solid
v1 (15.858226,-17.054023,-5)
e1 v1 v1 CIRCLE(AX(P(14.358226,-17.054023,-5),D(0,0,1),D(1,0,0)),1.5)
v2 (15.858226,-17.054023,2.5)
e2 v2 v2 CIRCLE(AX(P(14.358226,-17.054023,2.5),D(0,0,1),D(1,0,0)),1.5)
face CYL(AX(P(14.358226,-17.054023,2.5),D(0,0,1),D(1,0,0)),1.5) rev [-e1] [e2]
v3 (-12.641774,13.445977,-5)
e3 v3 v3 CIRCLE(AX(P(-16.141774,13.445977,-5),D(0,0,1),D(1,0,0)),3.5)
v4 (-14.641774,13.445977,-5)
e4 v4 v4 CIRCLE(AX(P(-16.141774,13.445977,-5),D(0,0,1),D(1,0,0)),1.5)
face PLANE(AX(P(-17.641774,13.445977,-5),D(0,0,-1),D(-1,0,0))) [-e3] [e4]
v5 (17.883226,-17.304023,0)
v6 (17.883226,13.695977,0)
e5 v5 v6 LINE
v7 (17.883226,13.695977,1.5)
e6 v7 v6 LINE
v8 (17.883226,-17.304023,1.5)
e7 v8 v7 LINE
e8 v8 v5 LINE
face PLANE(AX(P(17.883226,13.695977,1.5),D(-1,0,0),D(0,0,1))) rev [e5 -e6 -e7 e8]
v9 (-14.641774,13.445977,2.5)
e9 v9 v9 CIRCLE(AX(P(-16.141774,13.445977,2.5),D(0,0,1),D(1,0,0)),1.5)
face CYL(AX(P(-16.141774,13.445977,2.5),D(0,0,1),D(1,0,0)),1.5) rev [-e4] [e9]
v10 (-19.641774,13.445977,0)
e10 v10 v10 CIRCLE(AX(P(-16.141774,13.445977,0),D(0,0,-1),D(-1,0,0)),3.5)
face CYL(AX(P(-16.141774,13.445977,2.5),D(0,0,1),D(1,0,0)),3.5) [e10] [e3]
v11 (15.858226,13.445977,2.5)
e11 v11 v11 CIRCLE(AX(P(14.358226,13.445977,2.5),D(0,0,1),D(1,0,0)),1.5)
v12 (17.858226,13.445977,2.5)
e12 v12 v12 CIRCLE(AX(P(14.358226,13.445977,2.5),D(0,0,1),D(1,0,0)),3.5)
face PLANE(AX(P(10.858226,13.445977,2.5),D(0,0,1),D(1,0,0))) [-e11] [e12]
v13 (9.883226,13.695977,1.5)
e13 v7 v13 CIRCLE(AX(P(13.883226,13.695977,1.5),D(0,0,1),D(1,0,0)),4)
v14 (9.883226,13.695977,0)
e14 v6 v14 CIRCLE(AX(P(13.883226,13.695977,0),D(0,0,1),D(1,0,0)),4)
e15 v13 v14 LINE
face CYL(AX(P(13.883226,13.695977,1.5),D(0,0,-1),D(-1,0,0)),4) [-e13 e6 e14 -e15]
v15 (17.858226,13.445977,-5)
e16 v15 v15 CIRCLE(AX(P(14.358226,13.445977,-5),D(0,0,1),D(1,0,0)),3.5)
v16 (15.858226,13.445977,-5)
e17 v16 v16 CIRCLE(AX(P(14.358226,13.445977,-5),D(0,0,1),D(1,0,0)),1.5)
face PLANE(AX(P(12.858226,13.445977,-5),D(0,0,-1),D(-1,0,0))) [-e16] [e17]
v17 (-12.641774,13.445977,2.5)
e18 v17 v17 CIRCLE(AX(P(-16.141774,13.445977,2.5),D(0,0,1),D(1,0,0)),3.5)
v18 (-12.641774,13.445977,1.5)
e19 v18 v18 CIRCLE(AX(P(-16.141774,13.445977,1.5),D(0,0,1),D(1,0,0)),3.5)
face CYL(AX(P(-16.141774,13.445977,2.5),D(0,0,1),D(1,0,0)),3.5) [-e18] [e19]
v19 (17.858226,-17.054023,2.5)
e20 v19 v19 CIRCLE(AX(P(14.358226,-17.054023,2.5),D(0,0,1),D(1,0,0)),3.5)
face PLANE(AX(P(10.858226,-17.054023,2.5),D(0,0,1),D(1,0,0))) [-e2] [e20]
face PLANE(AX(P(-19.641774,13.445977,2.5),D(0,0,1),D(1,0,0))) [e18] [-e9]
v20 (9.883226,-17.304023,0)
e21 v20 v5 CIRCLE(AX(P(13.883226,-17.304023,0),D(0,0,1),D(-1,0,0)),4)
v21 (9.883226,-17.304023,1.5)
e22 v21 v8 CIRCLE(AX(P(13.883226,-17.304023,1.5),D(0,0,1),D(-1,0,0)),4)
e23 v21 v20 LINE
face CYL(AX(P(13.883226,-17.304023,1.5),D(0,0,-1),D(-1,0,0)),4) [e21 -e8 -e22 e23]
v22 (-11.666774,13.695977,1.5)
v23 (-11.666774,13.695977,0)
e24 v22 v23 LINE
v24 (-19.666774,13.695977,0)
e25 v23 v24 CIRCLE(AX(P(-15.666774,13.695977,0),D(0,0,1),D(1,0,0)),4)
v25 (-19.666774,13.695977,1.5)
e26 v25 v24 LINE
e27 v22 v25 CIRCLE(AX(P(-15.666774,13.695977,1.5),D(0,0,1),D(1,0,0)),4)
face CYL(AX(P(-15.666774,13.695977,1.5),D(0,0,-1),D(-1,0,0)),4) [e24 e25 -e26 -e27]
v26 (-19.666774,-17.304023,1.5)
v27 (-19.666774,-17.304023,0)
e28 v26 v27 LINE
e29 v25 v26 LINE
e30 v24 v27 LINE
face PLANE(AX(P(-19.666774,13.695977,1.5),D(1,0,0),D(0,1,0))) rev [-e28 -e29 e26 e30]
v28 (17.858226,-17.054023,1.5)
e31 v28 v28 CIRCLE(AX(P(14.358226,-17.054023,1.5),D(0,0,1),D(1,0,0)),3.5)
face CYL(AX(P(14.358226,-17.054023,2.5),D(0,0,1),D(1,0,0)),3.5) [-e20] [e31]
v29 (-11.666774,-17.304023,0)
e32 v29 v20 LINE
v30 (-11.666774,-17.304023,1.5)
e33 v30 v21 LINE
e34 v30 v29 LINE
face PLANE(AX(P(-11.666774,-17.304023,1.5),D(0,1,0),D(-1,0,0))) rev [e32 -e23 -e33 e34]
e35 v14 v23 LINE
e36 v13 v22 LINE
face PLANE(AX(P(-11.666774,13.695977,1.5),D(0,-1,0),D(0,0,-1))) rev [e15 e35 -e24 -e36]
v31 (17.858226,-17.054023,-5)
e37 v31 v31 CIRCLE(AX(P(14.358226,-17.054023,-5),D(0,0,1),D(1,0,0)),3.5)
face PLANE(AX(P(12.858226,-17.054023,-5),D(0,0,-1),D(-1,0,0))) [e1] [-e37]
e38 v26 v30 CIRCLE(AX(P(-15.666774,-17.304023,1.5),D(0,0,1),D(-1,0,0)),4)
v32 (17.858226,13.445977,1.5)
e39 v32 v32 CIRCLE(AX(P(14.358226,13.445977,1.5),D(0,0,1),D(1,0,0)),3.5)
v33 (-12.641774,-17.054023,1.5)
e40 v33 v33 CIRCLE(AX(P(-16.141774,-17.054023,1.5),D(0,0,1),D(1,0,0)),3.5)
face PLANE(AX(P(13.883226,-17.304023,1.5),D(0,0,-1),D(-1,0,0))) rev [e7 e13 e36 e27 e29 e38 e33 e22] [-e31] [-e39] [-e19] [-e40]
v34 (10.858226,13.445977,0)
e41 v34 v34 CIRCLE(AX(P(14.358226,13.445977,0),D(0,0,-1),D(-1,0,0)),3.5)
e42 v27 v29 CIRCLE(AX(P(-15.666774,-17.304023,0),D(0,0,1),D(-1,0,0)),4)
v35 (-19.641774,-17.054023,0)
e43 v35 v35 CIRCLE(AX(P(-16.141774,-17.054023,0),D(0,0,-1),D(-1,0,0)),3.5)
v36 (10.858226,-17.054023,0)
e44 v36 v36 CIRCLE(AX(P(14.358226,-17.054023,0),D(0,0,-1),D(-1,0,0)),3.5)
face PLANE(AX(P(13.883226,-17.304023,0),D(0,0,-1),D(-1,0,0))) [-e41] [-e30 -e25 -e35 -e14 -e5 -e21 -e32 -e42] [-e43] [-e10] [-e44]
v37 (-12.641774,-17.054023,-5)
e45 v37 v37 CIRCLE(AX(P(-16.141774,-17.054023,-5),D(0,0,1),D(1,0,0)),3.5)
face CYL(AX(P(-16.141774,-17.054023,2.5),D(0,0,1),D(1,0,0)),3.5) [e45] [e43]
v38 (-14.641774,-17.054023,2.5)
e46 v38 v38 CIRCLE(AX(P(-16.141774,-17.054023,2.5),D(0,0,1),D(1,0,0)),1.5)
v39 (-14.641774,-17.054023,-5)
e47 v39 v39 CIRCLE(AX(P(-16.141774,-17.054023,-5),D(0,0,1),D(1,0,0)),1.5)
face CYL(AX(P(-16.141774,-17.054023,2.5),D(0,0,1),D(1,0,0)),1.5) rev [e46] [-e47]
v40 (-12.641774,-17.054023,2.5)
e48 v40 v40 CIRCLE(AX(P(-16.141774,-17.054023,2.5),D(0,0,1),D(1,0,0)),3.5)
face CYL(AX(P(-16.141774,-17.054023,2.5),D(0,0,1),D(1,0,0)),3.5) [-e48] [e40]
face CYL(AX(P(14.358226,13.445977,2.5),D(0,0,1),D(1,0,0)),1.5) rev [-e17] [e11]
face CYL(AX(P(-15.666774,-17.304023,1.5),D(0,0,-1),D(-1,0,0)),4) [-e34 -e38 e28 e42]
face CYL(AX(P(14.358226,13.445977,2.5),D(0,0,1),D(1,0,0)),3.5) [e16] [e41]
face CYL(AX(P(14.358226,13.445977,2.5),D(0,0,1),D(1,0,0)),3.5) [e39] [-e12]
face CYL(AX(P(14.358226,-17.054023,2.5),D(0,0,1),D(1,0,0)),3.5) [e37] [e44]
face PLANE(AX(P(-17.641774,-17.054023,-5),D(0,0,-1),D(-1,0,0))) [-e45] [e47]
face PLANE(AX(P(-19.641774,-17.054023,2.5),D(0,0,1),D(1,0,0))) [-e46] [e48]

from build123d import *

# Parameters (mm, degrees)
CROQUIS1_R              = 2.5
SALIENTE_EXTRUIR1_DEPTH = 1.5
MATRIZL1_COUNT          = 2
MATRIZL1_PITCH          = 30.5
MATRIZL1_COUNT_DIR2     = 2
MATRIZL1_PITCH_DIR2     = 30.5


with BuildPart() as part:
    # Croquis1 → Saliente-Extruir1 (new body)
    with BuildSketch(Plane.XY):
        with BuildLine():
            Line((17.88322612, 13.695977011), (17.88322612, -17.304022989))
            ThreePointArc((17.88322612, -17.304022989), (13.88322612, -21.304022989), (9.88322612, -17.304022989))
            Line((9.88322612, -17.304022989), (-11.66677388, -17.304022989))
            ThreePointArc((-11.66677388, -17.304022989), (-15.66677388, -21.304022989), (-19.66677388, -17.304022989))
            Line((-19.66677388, -17.304022989), (-19.66677388, 13.695977011))
            ThreePointArc((-19.66677388, 13.695977011), (-15.66677388, 17.695977011), (-11.66677388, 13.695977011))
            Line((-11.66677388, 13.695977011), (9.88322612, 13.695977011))
            ThreePointArc((9.88322612, 13.695977011), (13.88322612, 17.695977011), (17.88322612, 13.695977011))
        make_face()
        with Locations((-16.14177388, 13.445977011)):
            Circle(CROQUIS1_R, mode=Mode.SUBTRACT)
        with Locations((14.35822612, 13.445977011)):
            Circle(CROQUIS1_R, mode=Mode.SUBTRACT)
        with Locations((14.35822612, -17.054022989)):
            Circle(CROQUIS1_R, mode=Mode.SUBTRACT)
        with Locations((-16.14177388, -17.054022989)):
            Circle(CROQUIS1_R, mode=Mode.SUBTRACT)
    extrude(amount=SALIENTE_EXTRUIR1_DEPTH)

    # Croquis3 → Revolución1 (revolve)
    with BuildSketch(Plane(origin=(0, -17.054022989, 0), x_dir=(-1, 0, 0), z_dir=(0, -1, 0)), mode=Mode.PRIVATE) as revoluci_n1_sk:
        Polygon((18.64177388, -1.5), (19.64177388, -1.5), (19.64177388, -2.5), (17.64177388, -2.5), (17.64177388, 5), (19.64177388, 5), (19.64177388, 0), (18.64177388, 0), align=None)
    revoluci_n1 = revolve(revoluci_n1_sk.sketch.rotate(Axis((-16.14177388, -17.054022989, 2.5), (0, 0, -1)), 180), axis=Axis((-16.14177388, -17.054022989, 2.5), (0, 0, -1)))

    # MatrizL1: Revoluci_n1 2 × 2
    with Locations(*[(i * MATRIZL1_PITCH, j * MATRIZL1_PITCH_DIR2, 0) for i in range(MATRIZL1_COUNT) for j in range(MATRIZL1_COUNT_DIR2) if (i, j) != (0, 0)]):
        add(revoluci_n1)


solid = part.part
